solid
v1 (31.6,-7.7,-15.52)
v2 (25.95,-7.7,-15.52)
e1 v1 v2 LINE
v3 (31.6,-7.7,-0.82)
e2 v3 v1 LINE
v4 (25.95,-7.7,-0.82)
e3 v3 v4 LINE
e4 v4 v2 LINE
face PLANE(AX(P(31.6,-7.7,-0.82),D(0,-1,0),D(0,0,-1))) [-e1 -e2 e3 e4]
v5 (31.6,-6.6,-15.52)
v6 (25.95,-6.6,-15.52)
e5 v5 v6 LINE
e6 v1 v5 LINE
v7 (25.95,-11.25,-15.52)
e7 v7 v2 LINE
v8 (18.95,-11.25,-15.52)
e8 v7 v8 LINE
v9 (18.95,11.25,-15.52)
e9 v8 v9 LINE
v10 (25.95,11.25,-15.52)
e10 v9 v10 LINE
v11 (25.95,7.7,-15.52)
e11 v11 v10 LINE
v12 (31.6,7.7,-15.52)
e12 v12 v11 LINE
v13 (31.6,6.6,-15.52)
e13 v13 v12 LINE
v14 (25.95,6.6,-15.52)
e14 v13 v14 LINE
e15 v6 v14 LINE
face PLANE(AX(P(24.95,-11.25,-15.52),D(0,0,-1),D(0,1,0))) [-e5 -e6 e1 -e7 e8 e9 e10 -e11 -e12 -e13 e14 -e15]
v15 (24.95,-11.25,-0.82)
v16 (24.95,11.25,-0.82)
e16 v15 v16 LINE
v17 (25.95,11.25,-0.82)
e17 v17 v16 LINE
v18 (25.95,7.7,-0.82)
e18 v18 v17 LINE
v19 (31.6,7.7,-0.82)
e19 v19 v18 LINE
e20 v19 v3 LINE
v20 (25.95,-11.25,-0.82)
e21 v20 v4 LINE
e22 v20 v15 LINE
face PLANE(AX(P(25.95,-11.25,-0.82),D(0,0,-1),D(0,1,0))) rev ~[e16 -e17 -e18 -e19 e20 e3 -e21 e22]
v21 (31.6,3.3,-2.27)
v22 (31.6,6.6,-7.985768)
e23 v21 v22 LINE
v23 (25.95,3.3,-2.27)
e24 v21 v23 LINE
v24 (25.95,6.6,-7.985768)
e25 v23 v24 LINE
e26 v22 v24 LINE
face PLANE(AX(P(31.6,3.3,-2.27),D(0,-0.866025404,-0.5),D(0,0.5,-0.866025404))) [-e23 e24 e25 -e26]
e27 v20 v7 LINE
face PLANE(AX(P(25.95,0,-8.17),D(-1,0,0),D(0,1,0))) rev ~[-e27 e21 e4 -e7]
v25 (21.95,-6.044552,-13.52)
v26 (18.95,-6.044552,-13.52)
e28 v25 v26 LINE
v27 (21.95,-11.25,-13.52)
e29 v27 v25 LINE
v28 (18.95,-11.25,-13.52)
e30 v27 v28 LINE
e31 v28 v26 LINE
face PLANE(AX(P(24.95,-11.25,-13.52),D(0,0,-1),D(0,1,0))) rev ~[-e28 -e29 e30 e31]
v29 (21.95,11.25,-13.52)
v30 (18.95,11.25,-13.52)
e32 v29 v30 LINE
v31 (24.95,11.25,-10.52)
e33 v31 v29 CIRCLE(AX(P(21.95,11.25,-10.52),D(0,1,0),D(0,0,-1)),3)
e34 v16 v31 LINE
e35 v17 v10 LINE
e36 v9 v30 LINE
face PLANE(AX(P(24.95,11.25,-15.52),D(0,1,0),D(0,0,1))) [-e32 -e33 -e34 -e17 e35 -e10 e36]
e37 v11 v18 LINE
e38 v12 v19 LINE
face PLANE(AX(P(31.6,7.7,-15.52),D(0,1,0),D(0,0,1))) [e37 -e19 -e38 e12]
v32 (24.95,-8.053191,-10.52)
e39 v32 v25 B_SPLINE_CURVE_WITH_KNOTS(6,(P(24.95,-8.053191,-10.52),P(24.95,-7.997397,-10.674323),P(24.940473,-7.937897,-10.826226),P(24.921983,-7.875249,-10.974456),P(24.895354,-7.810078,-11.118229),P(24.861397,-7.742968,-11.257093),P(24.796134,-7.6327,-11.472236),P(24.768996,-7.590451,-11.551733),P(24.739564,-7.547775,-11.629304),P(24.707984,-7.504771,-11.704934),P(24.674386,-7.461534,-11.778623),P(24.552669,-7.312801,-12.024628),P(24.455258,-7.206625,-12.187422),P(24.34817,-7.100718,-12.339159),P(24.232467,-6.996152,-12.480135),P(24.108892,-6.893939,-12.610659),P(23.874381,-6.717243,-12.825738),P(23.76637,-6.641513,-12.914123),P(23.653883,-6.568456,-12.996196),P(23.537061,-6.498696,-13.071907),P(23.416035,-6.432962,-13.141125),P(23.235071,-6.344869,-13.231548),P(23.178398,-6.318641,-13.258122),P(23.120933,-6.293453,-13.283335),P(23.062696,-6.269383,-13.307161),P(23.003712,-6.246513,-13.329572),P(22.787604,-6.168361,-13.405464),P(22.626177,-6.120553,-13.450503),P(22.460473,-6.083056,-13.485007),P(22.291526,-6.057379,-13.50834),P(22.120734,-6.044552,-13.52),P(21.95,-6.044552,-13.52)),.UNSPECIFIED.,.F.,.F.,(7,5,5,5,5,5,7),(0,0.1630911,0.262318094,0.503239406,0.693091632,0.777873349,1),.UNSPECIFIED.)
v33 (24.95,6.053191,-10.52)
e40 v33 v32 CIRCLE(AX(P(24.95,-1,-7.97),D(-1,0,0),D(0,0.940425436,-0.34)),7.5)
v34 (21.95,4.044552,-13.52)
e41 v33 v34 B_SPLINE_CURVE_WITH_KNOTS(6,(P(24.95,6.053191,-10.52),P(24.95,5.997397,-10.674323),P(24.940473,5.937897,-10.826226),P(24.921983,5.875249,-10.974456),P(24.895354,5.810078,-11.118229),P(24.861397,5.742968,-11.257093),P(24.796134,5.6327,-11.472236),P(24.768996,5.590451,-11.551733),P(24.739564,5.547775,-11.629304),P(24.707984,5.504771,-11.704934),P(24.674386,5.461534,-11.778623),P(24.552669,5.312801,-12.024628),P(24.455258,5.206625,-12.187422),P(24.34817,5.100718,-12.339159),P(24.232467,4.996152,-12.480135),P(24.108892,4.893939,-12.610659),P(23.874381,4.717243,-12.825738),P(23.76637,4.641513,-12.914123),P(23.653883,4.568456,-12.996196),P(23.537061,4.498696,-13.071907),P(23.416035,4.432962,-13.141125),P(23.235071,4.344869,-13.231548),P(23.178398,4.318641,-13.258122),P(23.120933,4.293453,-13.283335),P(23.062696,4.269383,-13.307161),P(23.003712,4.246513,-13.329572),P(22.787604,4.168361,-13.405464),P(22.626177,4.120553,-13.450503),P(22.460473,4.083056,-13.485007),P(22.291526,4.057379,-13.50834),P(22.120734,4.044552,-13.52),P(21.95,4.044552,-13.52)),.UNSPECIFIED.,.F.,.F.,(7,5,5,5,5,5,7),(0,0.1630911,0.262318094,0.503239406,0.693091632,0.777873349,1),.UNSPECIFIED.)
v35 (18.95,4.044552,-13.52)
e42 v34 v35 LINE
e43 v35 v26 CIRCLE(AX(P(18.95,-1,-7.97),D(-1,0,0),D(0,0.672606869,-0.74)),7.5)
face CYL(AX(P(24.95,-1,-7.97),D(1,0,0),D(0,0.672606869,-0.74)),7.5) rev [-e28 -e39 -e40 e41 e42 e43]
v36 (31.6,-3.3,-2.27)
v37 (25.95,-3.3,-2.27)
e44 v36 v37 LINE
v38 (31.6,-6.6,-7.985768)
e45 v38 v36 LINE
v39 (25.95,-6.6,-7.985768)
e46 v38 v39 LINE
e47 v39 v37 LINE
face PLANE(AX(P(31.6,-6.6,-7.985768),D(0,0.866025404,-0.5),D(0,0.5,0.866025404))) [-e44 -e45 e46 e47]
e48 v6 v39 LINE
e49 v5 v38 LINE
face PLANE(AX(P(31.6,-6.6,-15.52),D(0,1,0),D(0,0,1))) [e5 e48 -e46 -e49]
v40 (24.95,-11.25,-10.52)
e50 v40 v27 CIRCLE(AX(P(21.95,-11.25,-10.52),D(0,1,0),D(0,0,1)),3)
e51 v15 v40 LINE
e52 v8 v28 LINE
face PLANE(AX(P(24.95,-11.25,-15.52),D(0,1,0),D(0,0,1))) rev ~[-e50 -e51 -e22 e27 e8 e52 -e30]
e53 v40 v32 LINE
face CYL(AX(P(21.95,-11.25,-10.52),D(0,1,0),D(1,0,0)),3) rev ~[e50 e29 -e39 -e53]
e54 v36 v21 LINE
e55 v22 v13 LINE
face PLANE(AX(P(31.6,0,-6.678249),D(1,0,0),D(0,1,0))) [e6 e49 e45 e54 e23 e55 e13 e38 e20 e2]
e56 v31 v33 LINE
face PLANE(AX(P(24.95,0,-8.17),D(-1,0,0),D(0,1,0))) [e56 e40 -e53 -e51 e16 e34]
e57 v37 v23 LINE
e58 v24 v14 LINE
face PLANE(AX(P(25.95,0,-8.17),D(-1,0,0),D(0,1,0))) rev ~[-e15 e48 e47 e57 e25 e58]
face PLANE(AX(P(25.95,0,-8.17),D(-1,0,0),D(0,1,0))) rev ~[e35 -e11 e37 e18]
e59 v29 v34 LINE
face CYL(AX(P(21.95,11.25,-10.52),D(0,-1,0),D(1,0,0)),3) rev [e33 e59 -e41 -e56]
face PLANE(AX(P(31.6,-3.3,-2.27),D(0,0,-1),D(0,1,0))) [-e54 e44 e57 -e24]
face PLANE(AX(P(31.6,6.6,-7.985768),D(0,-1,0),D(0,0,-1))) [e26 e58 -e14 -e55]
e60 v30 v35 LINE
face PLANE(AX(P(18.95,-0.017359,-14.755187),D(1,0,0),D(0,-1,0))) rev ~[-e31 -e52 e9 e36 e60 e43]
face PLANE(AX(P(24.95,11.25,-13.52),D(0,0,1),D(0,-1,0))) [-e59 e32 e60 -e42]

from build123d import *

# Parameters (mm, degrees)
PAD011_DEPTH = 5.65
SKETCH019_W  = 22.5
SKETCH019_H  = 14.7
PAD012_DEPTH = 1
PAD016_DEPTH = 6
FILLET_R     = 3


with BuildPart() as part:
    # Sketch018 → Pad011 (new body)
    with BuildSketch(Plane.YZ.offset(31.6)):
        Polygon((-6.6, -7.985767665), (-3.3, -2.27), (3.3, -2.27), (6.6, -7.985767665), (6.6, -15.52), (7.7, -15.52), (7.7, -0.82), (-7.7, -0.82), (-7.7, -15.52), (-6.6, -15.52), align=None)
    extrude(amount=-PAD011_DEPTH)

    # Sketch019 → Pad012 (new body)
    with BuildSketch(Plane(origin=(25.95, 0, 0), x_dir=(0, 1, 0), z_dir=(-1, 0, 0))):
        with Locations((0, 8.17)):
            Rectangle(SKETCH019_W, SKETCH019_H)
    extrude(amount=PAD012_DEPTH)

    # Sketch027 → Pad016 (new body)
    with BuildSketch(Plane(origin=(24.95, 0, 0), x_dir=(0, 1, 0), z_dir=(-1, 0, 0))):
        with BuildLine():
            Line((-11.25, 15.52), (11.25, 15.52))
            Line((11.25, 15.52), (11.25, 13.52))
            Line((11.25, 13.52), (4.0445515162, 13.52))
            ThreePointArc((4.0445515162, 13.52), (-1, 15.47), (-6.0445515162, 13.52))
            Line((-11.25, 13.52), (-6.0445515162, 13.52))
            Line((-11.25, 15.52), (-11.25, 13.52))
        make_face()
    extrude(amount=PAD016_DEPTH)

    # Fillet
    fillet_edges = [part.edges().sort_by_distance(p)[0] for p in [
        (24.95, -8.647276, -13.52),
        (24.95, 7.647276, -13.52),
    ]]
    fillet(fillet_edges, radius=FILLET_R)


solid = part.part
